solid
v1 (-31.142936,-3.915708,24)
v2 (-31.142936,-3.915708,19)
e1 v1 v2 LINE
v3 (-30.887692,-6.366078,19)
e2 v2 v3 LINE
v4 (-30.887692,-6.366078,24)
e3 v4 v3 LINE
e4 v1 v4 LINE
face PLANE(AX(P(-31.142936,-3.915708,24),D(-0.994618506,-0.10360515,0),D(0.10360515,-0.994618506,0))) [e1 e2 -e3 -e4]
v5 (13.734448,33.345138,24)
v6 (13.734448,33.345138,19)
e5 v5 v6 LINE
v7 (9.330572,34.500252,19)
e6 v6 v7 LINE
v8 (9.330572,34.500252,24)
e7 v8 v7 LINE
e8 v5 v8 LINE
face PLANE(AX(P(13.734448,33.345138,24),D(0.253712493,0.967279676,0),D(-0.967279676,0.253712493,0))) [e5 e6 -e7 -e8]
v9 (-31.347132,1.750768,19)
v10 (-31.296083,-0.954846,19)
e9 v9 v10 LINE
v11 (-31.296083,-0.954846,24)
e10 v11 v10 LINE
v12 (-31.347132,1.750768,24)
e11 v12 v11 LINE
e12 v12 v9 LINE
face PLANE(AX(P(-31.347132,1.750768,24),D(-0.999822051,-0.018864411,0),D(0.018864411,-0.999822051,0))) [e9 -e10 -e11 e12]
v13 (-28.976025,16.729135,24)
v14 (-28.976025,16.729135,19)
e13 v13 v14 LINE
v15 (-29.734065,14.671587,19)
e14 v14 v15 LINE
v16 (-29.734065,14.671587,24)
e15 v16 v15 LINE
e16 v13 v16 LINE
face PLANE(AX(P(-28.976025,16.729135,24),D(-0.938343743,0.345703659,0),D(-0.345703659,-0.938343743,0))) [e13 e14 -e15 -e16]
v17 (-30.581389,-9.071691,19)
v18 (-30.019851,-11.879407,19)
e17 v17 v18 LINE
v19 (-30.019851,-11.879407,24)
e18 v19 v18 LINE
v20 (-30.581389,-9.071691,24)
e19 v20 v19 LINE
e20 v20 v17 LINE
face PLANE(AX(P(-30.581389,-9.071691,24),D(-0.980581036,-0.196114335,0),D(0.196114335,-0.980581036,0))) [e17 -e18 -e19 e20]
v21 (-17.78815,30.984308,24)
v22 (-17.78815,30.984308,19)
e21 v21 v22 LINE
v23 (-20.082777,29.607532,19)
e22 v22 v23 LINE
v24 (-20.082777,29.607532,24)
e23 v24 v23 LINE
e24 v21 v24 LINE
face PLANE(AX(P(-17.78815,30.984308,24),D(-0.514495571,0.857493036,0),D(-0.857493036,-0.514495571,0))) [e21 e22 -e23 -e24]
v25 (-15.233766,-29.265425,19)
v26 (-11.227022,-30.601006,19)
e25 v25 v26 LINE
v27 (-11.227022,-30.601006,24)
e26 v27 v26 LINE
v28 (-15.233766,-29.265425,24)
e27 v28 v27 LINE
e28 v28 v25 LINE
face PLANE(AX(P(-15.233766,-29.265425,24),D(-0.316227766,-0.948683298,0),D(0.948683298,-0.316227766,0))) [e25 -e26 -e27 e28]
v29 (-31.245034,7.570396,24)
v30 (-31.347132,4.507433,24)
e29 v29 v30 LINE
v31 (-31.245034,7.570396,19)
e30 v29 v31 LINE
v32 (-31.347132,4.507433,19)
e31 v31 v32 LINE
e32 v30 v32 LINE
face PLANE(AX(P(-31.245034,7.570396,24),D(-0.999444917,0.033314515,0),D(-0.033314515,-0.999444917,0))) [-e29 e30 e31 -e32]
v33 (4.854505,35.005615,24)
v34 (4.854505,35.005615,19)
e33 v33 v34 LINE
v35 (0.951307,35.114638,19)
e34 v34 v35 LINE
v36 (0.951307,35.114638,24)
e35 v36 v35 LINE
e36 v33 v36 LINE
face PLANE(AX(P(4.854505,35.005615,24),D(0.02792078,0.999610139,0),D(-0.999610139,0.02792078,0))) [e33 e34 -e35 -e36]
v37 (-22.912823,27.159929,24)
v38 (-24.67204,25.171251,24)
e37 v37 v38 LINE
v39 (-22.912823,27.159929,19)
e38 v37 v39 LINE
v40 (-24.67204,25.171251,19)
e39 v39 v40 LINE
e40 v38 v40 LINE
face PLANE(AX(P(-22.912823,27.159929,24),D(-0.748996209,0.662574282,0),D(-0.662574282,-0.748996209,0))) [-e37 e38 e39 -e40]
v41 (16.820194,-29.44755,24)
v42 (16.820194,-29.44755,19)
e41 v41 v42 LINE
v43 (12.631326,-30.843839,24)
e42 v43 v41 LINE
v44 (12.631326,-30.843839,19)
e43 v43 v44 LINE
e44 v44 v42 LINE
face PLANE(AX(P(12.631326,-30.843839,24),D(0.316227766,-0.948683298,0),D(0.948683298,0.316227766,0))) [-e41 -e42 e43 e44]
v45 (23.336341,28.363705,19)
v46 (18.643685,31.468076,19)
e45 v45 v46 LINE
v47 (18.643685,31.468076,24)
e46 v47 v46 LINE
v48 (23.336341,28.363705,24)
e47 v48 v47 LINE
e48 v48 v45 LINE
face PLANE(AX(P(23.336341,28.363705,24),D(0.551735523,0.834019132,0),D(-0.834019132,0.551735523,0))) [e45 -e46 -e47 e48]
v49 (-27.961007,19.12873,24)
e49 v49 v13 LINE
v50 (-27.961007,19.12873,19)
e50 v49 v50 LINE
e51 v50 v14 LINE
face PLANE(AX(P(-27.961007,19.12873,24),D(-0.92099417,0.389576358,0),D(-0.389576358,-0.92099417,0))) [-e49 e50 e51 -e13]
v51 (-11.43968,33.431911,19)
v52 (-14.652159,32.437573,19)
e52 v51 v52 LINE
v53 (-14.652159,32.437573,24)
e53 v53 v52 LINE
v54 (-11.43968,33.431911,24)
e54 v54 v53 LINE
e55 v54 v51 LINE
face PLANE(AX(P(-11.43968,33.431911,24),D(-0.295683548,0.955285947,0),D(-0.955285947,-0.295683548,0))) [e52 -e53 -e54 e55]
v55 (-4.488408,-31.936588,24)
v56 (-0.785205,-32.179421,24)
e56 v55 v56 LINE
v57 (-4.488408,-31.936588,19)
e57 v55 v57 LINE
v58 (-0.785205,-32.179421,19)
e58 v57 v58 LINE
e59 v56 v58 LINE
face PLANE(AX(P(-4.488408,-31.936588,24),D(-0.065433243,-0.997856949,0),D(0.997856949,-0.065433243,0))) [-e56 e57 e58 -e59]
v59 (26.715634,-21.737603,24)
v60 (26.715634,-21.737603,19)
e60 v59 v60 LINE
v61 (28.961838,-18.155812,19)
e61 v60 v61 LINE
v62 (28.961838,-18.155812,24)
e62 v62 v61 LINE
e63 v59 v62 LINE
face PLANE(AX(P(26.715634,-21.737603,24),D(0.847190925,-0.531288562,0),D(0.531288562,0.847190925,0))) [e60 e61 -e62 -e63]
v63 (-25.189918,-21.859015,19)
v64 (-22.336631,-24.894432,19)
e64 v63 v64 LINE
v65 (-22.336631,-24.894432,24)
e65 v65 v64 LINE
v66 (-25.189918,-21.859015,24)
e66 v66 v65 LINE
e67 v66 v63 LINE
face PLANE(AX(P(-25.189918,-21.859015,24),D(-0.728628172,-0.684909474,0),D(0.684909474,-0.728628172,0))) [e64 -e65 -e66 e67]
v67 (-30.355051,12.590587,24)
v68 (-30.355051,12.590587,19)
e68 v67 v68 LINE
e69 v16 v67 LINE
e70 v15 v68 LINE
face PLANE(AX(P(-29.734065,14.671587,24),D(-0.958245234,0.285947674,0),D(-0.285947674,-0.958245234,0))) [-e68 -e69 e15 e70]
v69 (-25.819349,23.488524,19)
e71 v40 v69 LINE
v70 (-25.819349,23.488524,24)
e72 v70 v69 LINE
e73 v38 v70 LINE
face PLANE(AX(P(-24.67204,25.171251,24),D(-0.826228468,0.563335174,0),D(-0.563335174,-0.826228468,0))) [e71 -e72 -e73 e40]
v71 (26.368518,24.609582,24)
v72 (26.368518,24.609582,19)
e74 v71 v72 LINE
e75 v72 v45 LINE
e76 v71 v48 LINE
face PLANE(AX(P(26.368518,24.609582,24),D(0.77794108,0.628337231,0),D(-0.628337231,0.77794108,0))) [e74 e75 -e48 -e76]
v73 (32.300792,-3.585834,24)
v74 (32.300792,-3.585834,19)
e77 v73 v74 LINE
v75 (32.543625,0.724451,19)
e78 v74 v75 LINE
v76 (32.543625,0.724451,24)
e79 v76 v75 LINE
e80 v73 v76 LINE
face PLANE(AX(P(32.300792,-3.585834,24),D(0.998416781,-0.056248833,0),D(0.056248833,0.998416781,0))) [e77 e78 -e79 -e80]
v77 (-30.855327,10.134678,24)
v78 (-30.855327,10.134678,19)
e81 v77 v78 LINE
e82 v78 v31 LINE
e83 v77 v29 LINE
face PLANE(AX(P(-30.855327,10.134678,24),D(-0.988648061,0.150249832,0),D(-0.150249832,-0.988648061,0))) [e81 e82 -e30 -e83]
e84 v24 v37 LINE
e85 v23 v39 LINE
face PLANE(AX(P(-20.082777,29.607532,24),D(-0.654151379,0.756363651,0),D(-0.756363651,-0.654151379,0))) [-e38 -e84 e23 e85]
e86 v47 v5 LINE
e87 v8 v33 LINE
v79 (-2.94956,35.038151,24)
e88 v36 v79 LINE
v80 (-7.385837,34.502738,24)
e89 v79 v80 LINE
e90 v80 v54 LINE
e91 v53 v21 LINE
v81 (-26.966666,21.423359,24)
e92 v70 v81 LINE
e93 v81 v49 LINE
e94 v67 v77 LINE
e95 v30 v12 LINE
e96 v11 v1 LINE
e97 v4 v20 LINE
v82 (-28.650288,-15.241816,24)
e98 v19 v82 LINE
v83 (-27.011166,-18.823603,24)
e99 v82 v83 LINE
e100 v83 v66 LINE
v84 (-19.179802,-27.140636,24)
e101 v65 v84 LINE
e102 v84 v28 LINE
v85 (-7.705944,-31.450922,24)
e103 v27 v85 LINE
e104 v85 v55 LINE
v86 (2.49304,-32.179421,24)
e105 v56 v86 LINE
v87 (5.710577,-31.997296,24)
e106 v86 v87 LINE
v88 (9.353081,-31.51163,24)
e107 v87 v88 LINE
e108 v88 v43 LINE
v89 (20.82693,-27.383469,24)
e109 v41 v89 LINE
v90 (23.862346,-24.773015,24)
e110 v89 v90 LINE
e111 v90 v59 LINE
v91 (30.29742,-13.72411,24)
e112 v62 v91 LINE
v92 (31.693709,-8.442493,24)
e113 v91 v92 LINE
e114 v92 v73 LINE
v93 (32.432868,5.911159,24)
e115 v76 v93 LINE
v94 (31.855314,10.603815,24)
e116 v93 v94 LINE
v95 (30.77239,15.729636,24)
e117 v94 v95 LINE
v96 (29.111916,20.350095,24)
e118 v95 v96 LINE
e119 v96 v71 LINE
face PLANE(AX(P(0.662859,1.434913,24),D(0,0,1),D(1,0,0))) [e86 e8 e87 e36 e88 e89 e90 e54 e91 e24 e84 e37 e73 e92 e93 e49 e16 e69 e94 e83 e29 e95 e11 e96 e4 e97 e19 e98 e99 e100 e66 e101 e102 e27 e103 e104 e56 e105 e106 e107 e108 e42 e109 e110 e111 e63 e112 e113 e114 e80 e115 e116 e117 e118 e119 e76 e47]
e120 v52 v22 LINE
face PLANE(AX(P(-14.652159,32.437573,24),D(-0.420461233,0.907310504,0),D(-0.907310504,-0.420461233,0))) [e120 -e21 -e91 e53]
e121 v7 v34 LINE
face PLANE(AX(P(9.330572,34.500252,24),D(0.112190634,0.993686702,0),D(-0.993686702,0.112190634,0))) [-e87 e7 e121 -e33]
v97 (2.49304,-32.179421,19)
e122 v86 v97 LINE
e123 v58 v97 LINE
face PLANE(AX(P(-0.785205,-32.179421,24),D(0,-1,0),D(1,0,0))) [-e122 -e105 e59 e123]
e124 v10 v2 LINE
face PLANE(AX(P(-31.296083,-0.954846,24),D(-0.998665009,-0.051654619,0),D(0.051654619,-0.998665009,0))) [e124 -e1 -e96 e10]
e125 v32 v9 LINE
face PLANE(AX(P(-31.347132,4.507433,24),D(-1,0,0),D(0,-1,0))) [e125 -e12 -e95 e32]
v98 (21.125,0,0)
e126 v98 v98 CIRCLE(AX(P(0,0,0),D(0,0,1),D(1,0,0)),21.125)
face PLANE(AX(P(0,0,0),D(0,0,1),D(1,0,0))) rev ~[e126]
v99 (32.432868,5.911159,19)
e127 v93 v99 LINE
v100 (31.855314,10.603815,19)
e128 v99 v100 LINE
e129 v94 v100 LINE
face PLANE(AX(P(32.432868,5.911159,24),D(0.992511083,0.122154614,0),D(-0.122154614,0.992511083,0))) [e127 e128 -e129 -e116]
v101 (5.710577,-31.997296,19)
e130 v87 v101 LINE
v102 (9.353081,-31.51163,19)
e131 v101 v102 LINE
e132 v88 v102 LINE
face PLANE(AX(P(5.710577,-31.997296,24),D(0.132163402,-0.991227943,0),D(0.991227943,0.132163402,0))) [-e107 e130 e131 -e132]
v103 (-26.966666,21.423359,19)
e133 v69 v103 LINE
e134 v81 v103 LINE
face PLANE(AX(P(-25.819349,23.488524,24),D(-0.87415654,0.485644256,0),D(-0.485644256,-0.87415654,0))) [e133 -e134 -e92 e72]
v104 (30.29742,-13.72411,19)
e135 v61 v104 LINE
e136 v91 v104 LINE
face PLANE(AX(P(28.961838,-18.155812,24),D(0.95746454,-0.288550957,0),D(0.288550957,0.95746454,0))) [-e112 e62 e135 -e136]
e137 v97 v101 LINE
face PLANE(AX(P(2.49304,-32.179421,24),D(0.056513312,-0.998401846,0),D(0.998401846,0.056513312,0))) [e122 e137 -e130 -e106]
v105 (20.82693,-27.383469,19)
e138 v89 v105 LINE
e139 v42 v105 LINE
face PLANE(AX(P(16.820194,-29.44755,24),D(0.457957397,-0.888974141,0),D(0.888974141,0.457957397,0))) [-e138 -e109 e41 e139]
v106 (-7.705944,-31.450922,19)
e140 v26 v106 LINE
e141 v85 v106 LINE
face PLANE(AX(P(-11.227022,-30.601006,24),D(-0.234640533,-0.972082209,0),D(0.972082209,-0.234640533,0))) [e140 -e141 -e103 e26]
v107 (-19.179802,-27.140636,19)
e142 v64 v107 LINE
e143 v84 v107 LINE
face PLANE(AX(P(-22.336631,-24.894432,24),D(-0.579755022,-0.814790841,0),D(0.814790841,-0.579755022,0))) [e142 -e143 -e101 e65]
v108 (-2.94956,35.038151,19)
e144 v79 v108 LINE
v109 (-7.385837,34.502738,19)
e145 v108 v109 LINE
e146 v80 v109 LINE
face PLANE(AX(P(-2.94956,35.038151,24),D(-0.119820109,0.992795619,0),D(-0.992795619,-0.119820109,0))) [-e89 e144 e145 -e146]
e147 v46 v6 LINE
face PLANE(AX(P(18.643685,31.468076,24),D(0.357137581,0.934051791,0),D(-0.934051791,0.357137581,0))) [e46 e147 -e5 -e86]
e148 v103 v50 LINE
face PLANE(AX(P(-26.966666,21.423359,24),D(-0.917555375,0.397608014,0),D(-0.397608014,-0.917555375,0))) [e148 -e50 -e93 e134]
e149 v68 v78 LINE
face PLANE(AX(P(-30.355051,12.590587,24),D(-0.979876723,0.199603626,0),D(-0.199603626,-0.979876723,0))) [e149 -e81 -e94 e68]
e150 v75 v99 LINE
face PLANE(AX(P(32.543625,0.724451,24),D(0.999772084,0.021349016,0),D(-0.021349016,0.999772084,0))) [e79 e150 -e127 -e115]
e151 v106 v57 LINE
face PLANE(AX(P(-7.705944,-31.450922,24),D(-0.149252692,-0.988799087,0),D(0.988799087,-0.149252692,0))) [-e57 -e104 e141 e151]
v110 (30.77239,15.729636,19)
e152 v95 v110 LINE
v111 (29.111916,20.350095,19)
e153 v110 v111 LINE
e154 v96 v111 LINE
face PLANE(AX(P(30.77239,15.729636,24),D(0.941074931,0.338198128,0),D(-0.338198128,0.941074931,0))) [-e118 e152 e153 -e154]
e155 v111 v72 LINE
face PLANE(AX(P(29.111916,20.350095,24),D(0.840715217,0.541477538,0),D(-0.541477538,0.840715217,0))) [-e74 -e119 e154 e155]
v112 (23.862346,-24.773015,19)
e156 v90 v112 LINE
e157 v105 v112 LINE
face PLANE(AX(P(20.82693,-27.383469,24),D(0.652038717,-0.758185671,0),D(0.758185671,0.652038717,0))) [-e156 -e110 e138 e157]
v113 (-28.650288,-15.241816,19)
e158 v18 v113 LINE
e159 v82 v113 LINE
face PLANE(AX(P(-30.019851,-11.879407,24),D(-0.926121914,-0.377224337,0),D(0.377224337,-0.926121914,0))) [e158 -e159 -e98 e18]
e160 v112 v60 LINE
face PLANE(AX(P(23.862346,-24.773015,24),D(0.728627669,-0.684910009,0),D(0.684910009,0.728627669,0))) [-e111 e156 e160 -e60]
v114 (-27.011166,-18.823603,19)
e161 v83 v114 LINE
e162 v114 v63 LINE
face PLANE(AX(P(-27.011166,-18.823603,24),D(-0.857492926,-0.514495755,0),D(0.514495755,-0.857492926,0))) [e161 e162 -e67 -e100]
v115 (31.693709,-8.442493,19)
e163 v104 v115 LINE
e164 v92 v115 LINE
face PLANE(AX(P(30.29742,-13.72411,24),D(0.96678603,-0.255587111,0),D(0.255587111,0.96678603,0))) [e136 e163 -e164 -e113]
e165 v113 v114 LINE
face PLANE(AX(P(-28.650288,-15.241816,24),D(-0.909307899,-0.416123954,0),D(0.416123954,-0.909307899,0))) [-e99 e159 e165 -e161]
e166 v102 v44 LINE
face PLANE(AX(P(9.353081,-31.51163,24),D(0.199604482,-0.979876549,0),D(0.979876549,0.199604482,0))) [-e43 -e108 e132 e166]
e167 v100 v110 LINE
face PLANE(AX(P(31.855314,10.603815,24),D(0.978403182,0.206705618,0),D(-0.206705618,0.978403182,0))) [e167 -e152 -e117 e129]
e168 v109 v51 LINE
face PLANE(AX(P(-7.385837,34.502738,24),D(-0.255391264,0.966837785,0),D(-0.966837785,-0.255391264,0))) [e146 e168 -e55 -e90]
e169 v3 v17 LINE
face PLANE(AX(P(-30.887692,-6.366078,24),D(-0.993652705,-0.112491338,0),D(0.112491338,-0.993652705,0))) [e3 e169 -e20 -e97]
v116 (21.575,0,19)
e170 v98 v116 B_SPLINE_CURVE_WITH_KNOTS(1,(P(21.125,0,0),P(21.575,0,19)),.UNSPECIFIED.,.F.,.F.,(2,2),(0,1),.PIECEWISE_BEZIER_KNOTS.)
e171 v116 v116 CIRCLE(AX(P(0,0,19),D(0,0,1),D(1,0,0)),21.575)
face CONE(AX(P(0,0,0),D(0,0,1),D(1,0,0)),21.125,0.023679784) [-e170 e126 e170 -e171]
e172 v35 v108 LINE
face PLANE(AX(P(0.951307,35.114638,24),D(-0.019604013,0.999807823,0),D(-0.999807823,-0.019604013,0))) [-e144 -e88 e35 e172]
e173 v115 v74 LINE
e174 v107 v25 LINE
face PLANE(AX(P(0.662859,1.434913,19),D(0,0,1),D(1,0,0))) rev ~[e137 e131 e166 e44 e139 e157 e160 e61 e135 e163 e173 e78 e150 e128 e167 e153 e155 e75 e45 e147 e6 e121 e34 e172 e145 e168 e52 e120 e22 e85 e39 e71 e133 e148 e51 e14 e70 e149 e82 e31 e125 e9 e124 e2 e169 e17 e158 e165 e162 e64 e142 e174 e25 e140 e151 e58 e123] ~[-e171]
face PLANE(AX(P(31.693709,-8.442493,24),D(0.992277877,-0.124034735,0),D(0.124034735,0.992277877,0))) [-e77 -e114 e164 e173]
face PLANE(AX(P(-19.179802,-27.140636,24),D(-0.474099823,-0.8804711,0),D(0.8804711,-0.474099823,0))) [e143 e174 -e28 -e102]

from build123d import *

# Parameters (mm, degrees)
F0_R     = 21.125
F2_R     = 21.575
F6_DEPTH = 5


with BuildPart() as f5:
    # F0 (on Top) → F5 section 0
    with BuildSketch(Plane.XY):
        Circle(F0_R)
    # F2 (on offset) → F5 section 1
    with BuildSketch(Plane.XY.offset(19)):
        Circle(F2_R)
    loft()

    # F4 (on offset) → F6 (join, through all)
    with BuildSketch(Plane.XY.offset(24)):
        Polygon((4.8545051575, 35.0056151581), (0.9513065061, 35.1146380116), (-2.9495599623, 35.0381506747), (-7.3858366721, 34.5027381994), (-11.4396800482, 33.431911015), (-14.6521593676, 32.4375728429), (-17.788150233, 30.9843078571), (-20.0827770418, 29.607532442), (-22.9128230274, 27.1599287256), (-24.6720395948, 25.1712512644), (-25.8193485314, 23.4885242679), (-26.9666664035, 21.4233594698), (-27.961007368, 19.1287304272), (-28.9760252346, 16.7291352786), (-29.7340651287, 14.6715869345), (-30.3550512956, 12.5905871947), (-30.8553268874, 10.1346778688), (-31.2450337726, 7.5703957518), (-31.3471315616, 4.5074330419), (-31.3471315616, 1.7507681666), (-31.2960826671, -0.9548455803), (-31.1429359836, -3.9157082674), (-30.8876915112, -6.3660775418), (-30.5813892087, -9.0716912887), (-30.0198513693, -11.8794072923), (-28.6502880738, -15.241816491), (-27.0111655274, -18.823602796), (-25.1899182536, -21.8590149189), (-22.3366308581, -24.8944315096), (-19.1798022503, -27.1406364806), (-15.2337664905, -29.2654249666), (-11.2270224883, -30.6010063007), (-7.7059444257, -31.4509216951), (-4.4884075754, -31.9365876348), (-0.7852047855, -32.1794206046), (2.4930403073, -32.1794206046), (5.7105771576, -31.9972958772), (9.3530806406, -31.5116299376), (12.6313257334, -30.8438392705), (16.820194463, -29.447549694), (20.8269295296, -27.3834694504), (23.8623461203, -24.7730150247), (26.7156335159, -21.7376029018), (28.9618384868, -18.155812129), (30.2974198209, -13.7241104295), (31.6937093974, -8.4424933357), (32.300791822, -3.585833939), (32.5436247918, 0.7244512755), (32.4328684384, 5.9111592441), (31.8553135951, 10.6038152433), (30.7723898868, 15.7296362581), (29.111915803, 20.3500951095), (26.3685180109, 24.6095816254), (23.3363405633, 28.3637048611), (18.643684564, 31.4680761057), (13.7344482909, 33.3451377235), (9.3305719472, 34.5002518779), align=None)
    extrude(amount=-F6_DEPTH)


solid = f5.part
